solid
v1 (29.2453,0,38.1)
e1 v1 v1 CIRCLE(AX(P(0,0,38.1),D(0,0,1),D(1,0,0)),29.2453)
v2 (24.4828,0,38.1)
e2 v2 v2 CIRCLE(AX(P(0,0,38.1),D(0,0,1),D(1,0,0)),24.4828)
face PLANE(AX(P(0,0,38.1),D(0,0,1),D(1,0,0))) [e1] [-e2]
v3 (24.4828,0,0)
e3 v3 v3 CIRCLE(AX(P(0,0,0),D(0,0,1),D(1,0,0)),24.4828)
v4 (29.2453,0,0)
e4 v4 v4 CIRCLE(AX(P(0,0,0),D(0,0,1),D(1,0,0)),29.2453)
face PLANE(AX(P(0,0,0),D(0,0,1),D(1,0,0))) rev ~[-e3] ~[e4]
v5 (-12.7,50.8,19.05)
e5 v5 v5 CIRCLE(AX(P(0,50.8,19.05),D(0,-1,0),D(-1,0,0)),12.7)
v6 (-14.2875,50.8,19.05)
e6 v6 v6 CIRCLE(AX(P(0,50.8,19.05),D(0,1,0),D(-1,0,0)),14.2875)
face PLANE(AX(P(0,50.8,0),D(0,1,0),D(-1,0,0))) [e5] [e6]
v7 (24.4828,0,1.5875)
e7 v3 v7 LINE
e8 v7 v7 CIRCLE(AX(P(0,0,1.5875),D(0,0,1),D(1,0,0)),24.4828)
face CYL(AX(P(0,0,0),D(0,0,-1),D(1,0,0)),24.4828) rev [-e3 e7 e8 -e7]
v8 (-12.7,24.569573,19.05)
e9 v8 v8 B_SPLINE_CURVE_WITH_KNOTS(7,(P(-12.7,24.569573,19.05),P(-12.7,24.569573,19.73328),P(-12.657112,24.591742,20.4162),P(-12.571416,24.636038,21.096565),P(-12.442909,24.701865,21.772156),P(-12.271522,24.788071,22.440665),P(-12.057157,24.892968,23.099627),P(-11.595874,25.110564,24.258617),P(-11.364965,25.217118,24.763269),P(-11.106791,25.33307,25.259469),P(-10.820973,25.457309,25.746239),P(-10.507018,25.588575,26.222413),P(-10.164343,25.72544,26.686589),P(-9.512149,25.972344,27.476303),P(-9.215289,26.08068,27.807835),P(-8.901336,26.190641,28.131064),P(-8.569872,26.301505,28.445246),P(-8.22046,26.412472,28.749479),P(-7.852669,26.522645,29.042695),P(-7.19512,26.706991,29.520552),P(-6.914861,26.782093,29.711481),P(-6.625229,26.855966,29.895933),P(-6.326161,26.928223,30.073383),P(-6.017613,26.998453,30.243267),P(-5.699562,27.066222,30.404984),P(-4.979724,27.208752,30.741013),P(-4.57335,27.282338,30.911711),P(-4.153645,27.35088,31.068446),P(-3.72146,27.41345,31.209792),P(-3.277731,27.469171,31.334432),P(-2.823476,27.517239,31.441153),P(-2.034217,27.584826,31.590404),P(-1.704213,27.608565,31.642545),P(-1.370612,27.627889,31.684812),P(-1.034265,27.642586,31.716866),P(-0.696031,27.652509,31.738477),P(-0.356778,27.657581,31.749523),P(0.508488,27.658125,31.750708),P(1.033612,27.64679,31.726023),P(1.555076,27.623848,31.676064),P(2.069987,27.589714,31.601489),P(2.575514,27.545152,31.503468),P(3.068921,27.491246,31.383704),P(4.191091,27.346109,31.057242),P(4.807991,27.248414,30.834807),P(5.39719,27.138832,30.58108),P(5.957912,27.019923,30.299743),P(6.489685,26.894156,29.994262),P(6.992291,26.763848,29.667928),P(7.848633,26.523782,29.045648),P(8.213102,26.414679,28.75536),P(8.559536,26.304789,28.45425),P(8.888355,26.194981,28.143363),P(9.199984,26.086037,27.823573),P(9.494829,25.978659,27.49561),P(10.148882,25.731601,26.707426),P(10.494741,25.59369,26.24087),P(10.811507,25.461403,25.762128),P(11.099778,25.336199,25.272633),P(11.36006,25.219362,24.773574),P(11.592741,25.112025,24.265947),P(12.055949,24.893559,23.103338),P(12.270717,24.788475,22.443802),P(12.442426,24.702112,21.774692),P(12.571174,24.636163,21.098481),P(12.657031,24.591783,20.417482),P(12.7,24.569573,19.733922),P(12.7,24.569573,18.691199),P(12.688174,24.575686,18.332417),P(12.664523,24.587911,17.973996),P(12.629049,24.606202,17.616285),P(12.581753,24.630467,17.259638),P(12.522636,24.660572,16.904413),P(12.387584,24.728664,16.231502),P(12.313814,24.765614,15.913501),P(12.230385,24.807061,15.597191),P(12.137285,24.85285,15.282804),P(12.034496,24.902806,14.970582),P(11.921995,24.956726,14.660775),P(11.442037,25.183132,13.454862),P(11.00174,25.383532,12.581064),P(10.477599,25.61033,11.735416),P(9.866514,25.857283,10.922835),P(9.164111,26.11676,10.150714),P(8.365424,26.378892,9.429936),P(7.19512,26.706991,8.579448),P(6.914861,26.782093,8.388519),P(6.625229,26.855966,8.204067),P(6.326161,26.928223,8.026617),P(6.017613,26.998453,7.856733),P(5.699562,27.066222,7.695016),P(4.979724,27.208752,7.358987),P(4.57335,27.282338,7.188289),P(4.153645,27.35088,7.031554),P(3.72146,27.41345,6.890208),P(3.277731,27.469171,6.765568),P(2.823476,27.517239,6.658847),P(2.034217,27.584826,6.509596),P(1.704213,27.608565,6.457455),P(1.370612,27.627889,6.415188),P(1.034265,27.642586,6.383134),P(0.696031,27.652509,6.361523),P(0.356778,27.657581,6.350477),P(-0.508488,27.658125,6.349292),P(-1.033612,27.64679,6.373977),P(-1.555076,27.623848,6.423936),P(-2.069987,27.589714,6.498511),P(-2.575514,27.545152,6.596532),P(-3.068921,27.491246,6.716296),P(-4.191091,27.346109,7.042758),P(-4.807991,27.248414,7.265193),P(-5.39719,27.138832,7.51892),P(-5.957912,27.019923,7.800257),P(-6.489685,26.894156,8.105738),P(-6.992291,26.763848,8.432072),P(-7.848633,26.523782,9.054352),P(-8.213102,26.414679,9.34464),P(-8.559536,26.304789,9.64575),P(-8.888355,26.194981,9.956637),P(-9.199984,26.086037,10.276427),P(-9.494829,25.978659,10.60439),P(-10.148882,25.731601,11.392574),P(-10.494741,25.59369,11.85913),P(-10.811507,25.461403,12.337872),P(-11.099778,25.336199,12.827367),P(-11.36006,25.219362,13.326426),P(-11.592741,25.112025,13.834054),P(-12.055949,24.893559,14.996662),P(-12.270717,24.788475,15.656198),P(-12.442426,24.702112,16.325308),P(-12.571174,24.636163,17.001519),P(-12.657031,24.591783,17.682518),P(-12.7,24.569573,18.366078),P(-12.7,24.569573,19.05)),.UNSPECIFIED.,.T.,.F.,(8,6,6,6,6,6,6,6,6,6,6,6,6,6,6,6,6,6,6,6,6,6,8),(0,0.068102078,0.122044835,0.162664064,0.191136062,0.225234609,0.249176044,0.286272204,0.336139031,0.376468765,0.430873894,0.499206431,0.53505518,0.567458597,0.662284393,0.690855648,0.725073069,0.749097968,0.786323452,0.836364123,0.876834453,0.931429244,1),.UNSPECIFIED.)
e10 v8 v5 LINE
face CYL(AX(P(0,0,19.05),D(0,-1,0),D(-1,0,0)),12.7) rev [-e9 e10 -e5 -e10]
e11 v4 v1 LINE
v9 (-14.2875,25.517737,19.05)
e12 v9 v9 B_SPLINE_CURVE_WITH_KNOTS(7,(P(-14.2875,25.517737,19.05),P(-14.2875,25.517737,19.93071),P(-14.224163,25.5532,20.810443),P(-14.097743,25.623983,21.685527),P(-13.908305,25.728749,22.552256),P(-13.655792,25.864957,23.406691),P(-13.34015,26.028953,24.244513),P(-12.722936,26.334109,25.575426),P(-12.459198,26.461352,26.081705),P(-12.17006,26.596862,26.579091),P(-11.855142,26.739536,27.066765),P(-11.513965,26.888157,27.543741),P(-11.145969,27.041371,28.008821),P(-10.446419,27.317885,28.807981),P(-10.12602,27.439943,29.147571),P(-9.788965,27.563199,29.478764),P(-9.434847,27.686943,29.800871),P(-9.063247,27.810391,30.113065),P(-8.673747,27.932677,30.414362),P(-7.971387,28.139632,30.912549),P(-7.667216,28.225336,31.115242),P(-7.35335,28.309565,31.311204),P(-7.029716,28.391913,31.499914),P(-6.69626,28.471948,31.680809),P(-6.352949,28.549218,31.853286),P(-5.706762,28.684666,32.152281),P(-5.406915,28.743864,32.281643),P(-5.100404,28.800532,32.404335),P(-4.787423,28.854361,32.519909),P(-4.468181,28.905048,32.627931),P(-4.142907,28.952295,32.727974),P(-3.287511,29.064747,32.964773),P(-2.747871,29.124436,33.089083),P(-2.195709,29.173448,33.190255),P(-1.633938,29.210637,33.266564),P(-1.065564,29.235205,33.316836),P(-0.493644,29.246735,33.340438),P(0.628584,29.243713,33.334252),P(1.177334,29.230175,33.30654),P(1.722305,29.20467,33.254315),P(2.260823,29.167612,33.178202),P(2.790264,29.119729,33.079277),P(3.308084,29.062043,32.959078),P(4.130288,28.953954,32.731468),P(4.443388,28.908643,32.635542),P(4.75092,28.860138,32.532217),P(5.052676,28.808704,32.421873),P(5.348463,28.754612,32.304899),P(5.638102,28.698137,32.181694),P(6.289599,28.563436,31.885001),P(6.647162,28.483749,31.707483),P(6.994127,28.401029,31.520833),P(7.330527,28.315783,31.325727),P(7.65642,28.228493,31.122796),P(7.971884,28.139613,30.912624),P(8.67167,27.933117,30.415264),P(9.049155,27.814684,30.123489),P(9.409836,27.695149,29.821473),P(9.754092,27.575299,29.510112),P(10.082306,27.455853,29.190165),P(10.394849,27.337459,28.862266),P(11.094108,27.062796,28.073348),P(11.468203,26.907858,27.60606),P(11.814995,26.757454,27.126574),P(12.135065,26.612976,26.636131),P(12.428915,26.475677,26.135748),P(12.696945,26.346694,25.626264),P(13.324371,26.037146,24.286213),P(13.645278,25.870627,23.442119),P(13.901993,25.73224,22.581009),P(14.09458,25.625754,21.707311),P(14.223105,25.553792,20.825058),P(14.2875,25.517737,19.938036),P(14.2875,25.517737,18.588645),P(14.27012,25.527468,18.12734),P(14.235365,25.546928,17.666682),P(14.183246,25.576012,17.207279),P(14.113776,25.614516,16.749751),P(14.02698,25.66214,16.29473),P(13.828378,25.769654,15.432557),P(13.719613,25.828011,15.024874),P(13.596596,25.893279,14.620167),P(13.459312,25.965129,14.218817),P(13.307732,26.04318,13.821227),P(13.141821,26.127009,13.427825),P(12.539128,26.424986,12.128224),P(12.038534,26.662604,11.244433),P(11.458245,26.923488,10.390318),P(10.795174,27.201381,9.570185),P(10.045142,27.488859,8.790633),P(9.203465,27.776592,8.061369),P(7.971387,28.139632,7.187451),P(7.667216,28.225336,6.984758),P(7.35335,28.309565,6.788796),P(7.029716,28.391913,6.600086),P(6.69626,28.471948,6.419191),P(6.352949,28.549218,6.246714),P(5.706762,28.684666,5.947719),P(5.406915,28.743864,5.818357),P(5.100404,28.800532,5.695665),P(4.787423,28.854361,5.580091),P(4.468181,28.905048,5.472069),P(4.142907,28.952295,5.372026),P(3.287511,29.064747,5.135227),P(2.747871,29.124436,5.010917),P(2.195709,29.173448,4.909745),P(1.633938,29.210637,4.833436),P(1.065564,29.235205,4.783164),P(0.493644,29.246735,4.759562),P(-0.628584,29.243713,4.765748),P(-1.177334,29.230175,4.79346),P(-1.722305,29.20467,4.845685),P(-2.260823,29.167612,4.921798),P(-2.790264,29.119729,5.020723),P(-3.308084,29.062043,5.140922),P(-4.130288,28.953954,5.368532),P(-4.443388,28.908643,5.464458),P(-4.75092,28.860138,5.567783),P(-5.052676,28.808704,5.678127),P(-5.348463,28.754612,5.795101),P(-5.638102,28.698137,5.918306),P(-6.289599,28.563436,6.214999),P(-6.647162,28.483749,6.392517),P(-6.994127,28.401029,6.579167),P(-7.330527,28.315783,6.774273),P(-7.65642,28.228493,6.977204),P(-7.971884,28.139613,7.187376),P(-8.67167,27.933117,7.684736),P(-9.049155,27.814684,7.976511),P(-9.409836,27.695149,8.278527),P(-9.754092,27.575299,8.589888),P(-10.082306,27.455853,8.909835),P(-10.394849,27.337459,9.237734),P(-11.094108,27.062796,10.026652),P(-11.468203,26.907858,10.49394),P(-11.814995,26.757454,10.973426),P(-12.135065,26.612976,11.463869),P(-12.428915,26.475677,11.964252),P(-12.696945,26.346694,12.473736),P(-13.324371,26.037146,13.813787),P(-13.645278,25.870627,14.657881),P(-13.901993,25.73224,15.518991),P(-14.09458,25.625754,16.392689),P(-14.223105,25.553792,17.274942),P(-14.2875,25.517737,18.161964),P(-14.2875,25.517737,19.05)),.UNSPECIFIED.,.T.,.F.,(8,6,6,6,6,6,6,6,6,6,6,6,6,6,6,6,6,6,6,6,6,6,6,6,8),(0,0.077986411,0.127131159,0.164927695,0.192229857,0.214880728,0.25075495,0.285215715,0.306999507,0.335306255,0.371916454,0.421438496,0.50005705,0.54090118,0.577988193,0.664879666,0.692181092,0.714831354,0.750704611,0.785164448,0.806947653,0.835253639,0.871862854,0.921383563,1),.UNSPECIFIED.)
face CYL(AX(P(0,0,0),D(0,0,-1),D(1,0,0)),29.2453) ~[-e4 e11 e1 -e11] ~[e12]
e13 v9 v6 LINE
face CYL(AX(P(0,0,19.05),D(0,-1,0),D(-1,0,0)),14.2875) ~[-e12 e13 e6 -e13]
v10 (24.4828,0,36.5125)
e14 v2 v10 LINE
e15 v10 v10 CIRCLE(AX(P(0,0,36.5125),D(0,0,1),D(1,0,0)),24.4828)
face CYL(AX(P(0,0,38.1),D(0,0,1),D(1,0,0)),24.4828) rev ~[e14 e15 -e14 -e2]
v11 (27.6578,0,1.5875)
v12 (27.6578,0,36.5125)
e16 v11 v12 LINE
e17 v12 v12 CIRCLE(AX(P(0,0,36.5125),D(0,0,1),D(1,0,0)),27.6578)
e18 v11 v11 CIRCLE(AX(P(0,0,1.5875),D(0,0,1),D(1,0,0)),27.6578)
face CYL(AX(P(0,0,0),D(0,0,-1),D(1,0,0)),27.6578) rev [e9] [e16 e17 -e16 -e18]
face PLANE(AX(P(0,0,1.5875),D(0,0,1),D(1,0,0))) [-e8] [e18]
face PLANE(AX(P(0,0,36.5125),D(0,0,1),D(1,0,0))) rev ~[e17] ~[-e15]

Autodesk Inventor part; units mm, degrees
ref_plane "YZ Plane" through (0, 0, 0) normal (1, 0, 0) x (0, 1, 0)
ref_plane "XZ Plane" through (0, 0, 0) normal (0, 1, 0) x (-1, 0, 0)
sketch "Sketch1" plane through (0, 0, 0) normal (0, 0, 1) x (1, 0, 0)
  circle A0 centre (0, 0) radius 14.2875
  circle A1 centre (0, 0) radius 17.4625
  circle A2 centre (0, 0) radius 19.05
  circle A3 centre (0, 0) radius 22.8953
  circle A4 centre (0, 0) radius 24.4828
  circle A5 centre (0, 0) radius 27.6578
  circle A6 centre (0, 0) radius 29.2453
  dimension "d0" = 28.575
  dimension "d1" = 34.925
  dimension "d2" = 38.1
  dimension "d3" = 45.7905
  dimension "d4" = 48.9655
  dimension "d5" = 55.3155
  dimension "d6" = 58.4905
extrude "Extrusion1" add sketch "Sketch1" along normal blind 38.1 contours A0 | A1 | A2 | A3 | A4 | A5 | A6
sketch "Sketch2" plane through (0, 0, 0) normal (0, 1, 0) x (-1, 0, 0)
  circle A0 centre (0, 19.05) radius 14.2875
  line L0 (29.2453, 0) -> (-29.2453, 0) projected
  point P0 (0, 0)
  dimension "d9" = 19.05
  dimension "d10" = 28.575
extrude "Extrusion2" add sketch "Sketch2" along normal blind 50.8
shell "Shell1" thickness 1.5875 removed faces 3 at (13.4185, 9.6773, 0) at (13.4185, 9.6773, 38.1) at (-3.9719, 50.8, 19.2449)
sketch "Sketch3" plane through (0, 0, 0) normal (0, 0, 1) x (1, 0, 0)
  circle A0 centre (0, 0) radius 14.2875
  circle A1 centre (0, 0) radius 17.4625
  circle A2 centre (0, 0) radius 19.05
  circle A3 centre (0, 0) radius 22.8953
  circle A4 centre (0, 0) radius 24.4828
  circle A5 centre (0, 0) radius 27.6578
  circle A6 centre (0, 0) radius 29.2453
  dimension "d14" = 28.575
  dimension "d15" = 34.925
  dimension "d16" = 38.1
  dimension "d17" = 45.7905
  dimension "d18" = 48.9655
  dimension "d19" = 55.3155
  dimension "d20" = 58.4905
extrude "Extrusion3" add sketch "Sketch3" along normal blind 1.5875 contours A5
ref_plane "Work Plane1" through (0, 0, 38.1) normal (0, 0, 1) x (1, 0, 0)
sketch "Sketch4" plane through (0, 0, 38.1) normal (0, 0, 1) x (1, 0, 0)
  circle A0 centre (0, 0) radius 14.2875
  circle A1 centre (0, 0) radius 17.4625
  circle A2 centre (0, 0) radius 19.05
  circle A3 centre (0, 0) radius 22.8953
  circle A4 centre (0, 0) radius 24.4828
  circle A5 centre (0, 0) radius 27.6578
  circle A6 centre (0, 0) radius 29.2453
  dimension "d24" = 28.575
  dimension "d25" = 34.925
  dimension "d26" = 38.1
  dimension "d27" = 45.7905
  dimension "d28" = 48.9655
  dimension "d29" = 55.3155
  dimension "d30" = 58.4905
extrude "Extrusion4" add sketch "Sketch4" against normal blind 1.5875 contours A5
properties part number "Exhaust" material "Stainless Steel"
